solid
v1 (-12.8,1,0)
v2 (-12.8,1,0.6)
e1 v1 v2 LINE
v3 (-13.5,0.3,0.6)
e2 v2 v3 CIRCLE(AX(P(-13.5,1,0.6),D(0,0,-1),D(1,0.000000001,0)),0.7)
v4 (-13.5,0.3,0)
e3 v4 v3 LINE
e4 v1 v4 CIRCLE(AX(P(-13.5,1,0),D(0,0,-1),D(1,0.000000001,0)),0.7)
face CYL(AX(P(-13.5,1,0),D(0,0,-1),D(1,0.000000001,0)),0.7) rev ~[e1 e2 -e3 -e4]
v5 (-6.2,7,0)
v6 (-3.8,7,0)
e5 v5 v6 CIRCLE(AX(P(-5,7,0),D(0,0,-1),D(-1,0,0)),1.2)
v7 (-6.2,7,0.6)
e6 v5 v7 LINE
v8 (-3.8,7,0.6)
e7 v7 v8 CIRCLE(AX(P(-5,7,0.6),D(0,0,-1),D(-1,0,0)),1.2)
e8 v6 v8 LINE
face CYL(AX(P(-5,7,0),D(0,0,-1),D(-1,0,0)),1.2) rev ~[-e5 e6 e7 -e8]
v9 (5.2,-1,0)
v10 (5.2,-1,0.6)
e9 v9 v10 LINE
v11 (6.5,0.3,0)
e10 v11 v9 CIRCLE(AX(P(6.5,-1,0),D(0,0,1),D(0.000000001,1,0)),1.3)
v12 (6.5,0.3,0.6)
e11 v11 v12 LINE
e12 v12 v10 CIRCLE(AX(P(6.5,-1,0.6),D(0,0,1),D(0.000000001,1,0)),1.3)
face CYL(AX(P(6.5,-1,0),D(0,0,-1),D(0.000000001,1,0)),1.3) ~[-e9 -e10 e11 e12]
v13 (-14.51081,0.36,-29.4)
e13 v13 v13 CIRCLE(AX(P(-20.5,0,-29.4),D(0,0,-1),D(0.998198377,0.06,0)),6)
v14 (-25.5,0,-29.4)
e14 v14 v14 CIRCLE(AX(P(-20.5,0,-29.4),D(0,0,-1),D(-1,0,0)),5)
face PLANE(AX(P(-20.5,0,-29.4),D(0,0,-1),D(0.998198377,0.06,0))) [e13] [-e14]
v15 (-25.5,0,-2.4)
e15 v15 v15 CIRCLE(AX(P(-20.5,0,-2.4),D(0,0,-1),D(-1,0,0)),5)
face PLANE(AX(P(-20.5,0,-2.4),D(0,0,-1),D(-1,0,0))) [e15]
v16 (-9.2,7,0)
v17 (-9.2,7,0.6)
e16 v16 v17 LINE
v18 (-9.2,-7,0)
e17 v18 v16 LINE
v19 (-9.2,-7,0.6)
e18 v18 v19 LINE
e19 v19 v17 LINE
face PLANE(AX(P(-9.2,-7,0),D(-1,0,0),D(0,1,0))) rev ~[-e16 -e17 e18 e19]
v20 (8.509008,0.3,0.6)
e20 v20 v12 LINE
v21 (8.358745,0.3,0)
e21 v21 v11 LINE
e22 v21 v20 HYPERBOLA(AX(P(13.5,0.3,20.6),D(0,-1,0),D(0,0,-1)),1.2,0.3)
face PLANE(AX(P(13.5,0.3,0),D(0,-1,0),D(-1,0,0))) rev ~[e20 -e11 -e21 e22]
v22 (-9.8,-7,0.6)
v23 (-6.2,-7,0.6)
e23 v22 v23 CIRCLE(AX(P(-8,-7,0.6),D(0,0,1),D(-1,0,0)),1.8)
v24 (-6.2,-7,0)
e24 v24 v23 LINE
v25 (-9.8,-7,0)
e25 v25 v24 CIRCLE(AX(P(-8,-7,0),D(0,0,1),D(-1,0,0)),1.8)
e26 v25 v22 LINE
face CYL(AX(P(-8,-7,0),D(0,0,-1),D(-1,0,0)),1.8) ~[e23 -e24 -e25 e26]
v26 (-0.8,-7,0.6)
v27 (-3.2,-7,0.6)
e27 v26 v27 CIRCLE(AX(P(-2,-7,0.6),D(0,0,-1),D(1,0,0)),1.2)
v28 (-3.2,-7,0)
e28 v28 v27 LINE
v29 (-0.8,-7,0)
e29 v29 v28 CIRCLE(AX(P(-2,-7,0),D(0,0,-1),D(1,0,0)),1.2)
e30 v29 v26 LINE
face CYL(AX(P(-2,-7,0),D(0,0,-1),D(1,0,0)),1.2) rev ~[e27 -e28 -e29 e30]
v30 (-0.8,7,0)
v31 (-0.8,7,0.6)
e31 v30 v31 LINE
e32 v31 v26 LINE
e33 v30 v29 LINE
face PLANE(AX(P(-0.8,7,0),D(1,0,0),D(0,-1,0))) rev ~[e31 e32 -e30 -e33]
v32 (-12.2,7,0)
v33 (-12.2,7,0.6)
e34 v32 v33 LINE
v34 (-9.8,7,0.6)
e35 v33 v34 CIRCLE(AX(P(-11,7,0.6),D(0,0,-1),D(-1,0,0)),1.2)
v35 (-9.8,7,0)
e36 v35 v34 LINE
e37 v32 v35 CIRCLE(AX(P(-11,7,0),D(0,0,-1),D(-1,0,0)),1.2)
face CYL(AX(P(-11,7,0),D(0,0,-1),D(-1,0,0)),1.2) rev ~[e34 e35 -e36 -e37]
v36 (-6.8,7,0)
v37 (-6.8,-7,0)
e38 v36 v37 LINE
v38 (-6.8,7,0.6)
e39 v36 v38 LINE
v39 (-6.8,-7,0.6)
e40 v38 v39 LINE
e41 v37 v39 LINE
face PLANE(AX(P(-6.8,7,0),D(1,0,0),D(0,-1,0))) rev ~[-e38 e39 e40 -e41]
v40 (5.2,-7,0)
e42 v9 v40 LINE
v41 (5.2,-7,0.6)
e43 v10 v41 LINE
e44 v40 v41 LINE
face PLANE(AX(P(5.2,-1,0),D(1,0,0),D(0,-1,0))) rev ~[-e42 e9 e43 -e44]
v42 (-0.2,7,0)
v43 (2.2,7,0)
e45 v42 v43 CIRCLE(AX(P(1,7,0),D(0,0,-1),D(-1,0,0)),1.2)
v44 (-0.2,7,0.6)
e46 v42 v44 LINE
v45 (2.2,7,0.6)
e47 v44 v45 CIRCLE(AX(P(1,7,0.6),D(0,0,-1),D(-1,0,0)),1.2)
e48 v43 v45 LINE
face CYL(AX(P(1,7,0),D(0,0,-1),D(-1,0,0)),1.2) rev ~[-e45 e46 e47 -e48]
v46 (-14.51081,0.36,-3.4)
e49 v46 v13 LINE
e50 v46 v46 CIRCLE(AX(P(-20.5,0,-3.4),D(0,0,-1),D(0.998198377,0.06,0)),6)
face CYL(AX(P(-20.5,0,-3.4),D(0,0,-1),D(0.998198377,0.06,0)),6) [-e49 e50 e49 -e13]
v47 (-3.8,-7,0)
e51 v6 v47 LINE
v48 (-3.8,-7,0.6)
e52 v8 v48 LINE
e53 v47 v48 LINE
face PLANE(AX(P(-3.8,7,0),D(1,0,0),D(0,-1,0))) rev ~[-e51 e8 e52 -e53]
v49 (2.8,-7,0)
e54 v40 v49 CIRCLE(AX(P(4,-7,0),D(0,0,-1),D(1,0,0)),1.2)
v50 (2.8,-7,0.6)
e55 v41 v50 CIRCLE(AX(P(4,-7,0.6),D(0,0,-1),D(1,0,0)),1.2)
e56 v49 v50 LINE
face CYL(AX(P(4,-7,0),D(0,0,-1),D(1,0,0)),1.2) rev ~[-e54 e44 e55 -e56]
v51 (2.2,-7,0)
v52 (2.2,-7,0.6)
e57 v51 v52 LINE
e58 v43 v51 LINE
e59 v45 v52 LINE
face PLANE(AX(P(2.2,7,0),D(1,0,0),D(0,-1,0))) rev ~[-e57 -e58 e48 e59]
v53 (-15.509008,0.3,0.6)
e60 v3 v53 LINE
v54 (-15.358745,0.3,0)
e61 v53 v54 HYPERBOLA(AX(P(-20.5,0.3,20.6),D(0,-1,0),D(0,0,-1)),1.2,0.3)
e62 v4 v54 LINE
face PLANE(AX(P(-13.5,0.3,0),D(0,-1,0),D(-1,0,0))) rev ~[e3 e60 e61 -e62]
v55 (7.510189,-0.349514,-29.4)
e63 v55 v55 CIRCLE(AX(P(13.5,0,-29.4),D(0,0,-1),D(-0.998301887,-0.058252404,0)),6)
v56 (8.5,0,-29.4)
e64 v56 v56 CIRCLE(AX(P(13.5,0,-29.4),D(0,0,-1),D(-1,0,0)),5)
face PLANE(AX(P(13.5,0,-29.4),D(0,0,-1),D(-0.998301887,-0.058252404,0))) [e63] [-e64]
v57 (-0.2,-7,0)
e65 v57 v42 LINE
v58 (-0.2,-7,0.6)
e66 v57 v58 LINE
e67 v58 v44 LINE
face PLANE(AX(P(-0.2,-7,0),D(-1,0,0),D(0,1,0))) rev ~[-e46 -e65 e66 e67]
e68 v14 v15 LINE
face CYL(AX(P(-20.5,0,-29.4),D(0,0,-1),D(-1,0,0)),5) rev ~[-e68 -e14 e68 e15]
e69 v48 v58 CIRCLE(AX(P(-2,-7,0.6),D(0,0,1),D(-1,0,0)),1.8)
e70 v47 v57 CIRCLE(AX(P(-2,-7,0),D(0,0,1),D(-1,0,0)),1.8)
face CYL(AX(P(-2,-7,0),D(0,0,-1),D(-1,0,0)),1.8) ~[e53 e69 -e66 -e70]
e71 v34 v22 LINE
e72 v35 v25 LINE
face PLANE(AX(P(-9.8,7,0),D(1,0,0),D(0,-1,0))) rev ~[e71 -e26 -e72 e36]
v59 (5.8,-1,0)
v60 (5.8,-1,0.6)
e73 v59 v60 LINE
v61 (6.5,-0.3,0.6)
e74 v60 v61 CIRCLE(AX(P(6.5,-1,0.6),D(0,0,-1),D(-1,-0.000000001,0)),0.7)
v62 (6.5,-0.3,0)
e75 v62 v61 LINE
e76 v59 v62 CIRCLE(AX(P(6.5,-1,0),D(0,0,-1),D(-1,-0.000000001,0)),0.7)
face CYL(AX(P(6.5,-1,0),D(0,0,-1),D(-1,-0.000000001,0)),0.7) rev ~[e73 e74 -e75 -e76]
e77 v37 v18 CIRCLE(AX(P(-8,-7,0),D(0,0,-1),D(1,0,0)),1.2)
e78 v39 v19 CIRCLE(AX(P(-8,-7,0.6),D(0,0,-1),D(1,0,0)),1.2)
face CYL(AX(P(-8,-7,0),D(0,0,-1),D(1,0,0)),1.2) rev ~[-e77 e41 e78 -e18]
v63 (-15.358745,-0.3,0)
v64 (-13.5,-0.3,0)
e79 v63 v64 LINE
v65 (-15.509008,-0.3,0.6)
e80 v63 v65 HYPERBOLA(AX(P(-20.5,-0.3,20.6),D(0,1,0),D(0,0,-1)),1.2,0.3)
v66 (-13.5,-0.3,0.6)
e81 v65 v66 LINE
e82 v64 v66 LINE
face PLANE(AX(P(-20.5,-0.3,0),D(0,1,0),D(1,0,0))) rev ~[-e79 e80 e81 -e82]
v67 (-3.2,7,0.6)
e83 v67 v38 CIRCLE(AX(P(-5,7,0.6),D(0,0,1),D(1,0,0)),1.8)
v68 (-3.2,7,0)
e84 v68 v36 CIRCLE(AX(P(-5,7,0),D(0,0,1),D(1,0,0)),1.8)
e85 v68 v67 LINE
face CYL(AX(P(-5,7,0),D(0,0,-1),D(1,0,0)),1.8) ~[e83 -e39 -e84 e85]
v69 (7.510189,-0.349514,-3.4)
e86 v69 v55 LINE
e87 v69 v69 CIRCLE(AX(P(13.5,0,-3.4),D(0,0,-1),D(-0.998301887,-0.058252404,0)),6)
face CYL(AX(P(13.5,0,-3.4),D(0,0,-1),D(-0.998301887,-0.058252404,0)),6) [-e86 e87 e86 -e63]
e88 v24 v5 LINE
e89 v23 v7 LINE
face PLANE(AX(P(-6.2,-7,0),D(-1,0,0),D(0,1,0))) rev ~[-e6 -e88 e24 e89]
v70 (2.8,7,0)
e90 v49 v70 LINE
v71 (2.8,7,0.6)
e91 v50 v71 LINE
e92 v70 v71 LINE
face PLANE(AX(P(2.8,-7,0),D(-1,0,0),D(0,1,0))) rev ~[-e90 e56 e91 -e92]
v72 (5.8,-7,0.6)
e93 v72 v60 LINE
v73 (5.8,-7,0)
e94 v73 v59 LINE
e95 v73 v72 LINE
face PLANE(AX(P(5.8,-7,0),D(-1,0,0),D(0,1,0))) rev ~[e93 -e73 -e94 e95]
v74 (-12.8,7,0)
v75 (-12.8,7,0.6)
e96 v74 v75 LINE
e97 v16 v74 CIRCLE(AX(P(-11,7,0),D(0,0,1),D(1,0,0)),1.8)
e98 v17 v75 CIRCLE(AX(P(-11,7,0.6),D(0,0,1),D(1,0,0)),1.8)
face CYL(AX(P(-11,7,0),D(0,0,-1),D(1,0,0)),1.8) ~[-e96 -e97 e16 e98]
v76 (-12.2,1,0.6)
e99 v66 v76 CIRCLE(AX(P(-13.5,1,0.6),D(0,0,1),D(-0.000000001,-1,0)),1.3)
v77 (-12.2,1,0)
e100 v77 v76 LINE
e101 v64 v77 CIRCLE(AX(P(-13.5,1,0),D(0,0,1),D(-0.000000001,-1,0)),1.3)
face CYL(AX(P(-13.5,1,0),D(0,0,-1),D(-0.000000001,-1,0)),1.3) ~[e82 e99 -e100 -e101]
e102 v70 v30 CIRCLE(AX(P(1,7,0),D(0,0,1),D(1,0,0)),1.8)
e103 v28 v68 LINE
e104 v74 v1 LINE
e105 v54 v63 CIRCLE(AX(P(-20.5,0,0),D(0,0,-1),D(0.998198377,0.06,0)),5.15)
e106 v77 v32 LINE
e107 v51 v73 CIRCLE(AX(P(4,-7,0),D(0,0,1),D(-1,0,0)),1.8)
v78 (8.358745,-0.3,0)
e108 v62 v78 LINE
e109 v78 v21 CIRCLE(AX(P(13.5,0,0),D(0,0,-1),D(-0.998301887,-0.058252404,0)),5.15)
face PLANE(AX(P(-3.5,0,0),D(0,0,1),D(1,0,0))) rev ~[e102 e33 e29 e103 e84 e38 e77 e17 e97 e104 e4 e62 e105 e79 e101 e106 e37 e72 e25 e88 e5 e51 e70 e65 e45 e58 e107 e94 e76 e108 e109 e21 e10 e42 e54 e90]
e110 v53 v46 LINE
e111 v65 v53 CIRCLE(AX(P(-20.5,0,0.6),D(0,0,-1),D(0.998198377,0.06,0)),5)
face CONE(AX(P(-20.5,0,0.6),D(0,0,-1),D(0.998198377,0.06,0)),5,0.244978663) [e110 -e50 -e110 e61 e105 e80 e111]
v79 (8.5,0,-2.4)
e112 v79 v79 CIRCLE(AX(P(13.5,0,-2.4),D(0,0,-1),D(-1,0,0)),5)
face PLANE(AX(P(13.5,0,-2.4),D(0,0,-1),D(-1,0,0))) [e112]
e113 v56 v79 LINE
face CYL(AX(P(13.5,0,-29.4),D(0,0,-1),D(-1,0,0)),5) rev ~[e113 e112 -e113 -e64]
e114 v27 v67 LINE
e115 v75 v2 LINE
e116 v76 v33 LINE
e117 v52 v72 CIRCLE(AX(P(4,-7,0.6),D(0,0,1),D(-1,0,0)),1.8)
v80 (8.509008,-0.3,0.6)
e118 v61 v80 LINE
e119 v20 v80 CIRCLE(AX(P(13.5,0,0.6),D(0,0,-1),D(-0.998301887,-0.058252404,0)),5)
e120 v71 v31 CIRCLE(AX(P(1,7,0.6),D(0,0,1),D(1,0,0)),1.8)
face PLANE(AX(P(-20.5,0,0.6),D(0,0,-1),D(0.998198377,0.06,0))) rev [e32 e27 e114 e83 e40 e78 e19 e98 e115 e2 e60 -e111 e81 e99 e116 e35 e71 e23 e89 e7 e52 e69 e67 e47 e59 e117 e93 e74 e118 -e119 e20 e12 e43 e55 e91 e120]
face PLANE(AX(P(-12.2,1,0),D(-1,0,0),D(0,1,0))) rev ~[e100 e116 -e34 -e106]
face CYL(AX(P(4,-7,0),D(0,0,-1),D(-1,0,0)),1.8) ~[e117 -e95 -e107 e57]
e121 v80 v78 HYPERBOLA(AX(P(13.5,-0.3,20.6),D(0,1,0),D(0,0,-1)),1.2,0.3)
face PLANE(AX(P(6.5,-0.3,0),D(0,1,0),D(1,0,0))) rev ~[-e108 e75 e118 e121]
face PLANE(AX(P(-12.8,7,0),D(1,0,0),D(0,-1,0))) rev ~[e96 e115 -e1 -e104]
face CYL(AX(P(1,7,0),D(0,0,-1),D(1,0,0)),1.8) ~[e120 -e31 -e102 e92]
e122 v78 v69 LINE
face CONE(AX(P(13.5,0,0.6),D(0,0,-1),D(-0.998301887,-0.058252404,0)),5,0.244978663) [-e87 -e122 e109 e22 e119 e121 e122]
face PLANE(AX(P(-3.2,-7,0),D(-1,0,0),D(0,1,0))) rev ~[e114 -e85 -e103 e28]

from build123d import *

# Parameters (mm, degrees)
BOSS_EXTRUDE1_DEPTH = 0.6
SKETCH5_R           = 5
CUT_EXTRUDE1_DEPTH  = 27


with BuildPart() as part:
    # Sketch2 → Boss-Extrude1 (new body)
    with BuildSketch(Plane.XY):
        with BuildLine():
            Line((-20.5, -0.3), (-13.5, -0.3))
            ThreePointArc((-13.5, -0.3), (-12.580761184, 0.080761184), (-12.2, 1))
            Line((-12.2, 1), (-12.2, 7))
            ThreePointArc((-12.2, 7), (-11, 8.2), (-9.8, 7))
            Line((-9.8, 7), (-9.8, 0))
            Line((-9.8, 0), (-9.8, -7))
            ThreePointArc((-9.8, -7), (-8, -8.8), (-6.2, -7))
            Line((-6.2, -7), (-6.2, 0))
            Line((-6.2, 0), (-6.2, 7))
            ThreePointArc((-6.2, 7), (-5, 8.2), (-3.8, 7))
            Line((-3.8, 7), (-3.8, 0))
            Line((-3.8, 0), (-3.8, -7))
            ThreePointArc((-3.8, -7), (-2, -8.8), (-0.2, -7))
            Line((-0.2, -7), (-0.2, 0))
            Line((-0.2, 0), (-0.2, 7))
            ThreePointArc((-0.2, 7), (1, 8.2), (2.2, 7))
            Line((2.2, 7), (2.2, 0))
            Line((2.2, 0), (2.2, -7))
            ThreePointArc((2.2, -7), (4, -8.8), (5.8, -7))
            Line((5.8, -7), (5.8, -1))
            ThreePointArc((5.8, -1), (6.005025253, -0.505025253), (6.5, -0.3))
            Line((6.5, -0.3), (13.5, -0.3))
            ThreePointArc((13.5, -0.3), (13.8, 0), (13.5, 0.3))
            Line((13.5, 0.3), (6.5, 0.3))
            ThreePointArc((6.5, 0.3), (5.580761184, -0.080761184), (5.2, -1))
            Line((5.2, -1), (5.2, -7))
            ThreePointArc((5.2, -7), (4, -8.2), (2.8, -7))
            Line((2.8, -7), (2.8, 0))
            Line((2.8, 0), (2.8, 7))
            ThreePointArc((2.8, 7), (1, 8.8), (-0.8, 7))
            Line((-0.8, 7), (-0.8, 0))
            Line((-0.8, 0), (-0.8, -7))
            ThreePointArc((-0.8, -7), (-2, -8.2), (-3.2, -7))
            Line((-3.2, -7), (-3.2, 0))
            Line((-3.2, 0), (-3.2, 7))
            ThreePointArc((-3.2, 7), (-5, 8.8), (-6.8, 7))
            Line((-6.8, 7), (-6.8, 0))
            Line((-6.8, 0), (-6.8, -7))
            ThreePointArc((-6.8, -7), (-8, -8.2), (-9.2, -7))
            Line((-9.2, -7), (-9.2, 0))
            Line((-9.2, 0), (-9.2, 7))
            ThreePointArc((-9.2, 7), (-11, 8.8), (-12.8, 7))
            Line((-12.8, 7), (-12.8, 1))
            ThreePointArc((-12.8, 1), (-13.005025253, 0.505025253), (-13.5, 0.3))
            Line((-13.5, 0.3), (-20.5, 0.3))
            ThreePointArc((-20.5, 0.3), (-20.8, 0), (-20.5, -0.3))
        make_face()
    extrude(amount=BOSS_EXTRUDE1_DEPTH)

    # Sketch3 → Revolve1 (revolve)
    with BuildSketch(Plane(origin=(0, 0, 0), x_dir=(1, 0, 0), z_dir=(0, 1, 0)), mode=Mode.PRIVATE) as revolve1_sk:
        Polygon((-20.5, -0.6), (-25.5, -0.6), (-26.5, 3.4), (-26.5, 29.4), (-20.5, 29.4), align=None)
    revolve(revolve1_sk.sketch.rotate(Axis((-20.5, 0, 0.6), (0, 0, -1)), 176.560187232), axis=Axis((-20.5, 0, 0.6), (0, 0, -1)))

    # Sketch4 → Revolve2 (revolve)
    with BuildSketch(Plane(origin=(0, 0, 0), x_dir=(1, 0, 0), z_dir=(0, 1, 0)), mode=Mode.PRIVATE) as revolve2_sk:
        Polygon((13.5, -0.6), (18.5, -0.6), (19.5, 3.4), (19.5, 29.4), (13.5, 29.4), align=None)
    revolve(revolve2_sk.sketch.rotate(Axis((13.5, 0, 0.6), (0, 0, -1)), 176.660492617), axis=Axis((13.5, 0, 0.6), (0, 0, -1)))

    # Sketch5 → Cut-Extrude1 (cut)
    with BuildSketch(Plane(origin=(0, 0, -29.4), x_dir=(-1, 0, 0), z_dir=(0, 0, -1))):
        with Locations((-13.5, 0)):
            Circle(SKETCH5_R)
        with Locations((20.5, 0)):
            Circle(SKETCH5_R)
    extrude(amount=-CUT_EXTRUDE1_DEPTH, mode=Mode.SUBTRACT)


solid = part.part
